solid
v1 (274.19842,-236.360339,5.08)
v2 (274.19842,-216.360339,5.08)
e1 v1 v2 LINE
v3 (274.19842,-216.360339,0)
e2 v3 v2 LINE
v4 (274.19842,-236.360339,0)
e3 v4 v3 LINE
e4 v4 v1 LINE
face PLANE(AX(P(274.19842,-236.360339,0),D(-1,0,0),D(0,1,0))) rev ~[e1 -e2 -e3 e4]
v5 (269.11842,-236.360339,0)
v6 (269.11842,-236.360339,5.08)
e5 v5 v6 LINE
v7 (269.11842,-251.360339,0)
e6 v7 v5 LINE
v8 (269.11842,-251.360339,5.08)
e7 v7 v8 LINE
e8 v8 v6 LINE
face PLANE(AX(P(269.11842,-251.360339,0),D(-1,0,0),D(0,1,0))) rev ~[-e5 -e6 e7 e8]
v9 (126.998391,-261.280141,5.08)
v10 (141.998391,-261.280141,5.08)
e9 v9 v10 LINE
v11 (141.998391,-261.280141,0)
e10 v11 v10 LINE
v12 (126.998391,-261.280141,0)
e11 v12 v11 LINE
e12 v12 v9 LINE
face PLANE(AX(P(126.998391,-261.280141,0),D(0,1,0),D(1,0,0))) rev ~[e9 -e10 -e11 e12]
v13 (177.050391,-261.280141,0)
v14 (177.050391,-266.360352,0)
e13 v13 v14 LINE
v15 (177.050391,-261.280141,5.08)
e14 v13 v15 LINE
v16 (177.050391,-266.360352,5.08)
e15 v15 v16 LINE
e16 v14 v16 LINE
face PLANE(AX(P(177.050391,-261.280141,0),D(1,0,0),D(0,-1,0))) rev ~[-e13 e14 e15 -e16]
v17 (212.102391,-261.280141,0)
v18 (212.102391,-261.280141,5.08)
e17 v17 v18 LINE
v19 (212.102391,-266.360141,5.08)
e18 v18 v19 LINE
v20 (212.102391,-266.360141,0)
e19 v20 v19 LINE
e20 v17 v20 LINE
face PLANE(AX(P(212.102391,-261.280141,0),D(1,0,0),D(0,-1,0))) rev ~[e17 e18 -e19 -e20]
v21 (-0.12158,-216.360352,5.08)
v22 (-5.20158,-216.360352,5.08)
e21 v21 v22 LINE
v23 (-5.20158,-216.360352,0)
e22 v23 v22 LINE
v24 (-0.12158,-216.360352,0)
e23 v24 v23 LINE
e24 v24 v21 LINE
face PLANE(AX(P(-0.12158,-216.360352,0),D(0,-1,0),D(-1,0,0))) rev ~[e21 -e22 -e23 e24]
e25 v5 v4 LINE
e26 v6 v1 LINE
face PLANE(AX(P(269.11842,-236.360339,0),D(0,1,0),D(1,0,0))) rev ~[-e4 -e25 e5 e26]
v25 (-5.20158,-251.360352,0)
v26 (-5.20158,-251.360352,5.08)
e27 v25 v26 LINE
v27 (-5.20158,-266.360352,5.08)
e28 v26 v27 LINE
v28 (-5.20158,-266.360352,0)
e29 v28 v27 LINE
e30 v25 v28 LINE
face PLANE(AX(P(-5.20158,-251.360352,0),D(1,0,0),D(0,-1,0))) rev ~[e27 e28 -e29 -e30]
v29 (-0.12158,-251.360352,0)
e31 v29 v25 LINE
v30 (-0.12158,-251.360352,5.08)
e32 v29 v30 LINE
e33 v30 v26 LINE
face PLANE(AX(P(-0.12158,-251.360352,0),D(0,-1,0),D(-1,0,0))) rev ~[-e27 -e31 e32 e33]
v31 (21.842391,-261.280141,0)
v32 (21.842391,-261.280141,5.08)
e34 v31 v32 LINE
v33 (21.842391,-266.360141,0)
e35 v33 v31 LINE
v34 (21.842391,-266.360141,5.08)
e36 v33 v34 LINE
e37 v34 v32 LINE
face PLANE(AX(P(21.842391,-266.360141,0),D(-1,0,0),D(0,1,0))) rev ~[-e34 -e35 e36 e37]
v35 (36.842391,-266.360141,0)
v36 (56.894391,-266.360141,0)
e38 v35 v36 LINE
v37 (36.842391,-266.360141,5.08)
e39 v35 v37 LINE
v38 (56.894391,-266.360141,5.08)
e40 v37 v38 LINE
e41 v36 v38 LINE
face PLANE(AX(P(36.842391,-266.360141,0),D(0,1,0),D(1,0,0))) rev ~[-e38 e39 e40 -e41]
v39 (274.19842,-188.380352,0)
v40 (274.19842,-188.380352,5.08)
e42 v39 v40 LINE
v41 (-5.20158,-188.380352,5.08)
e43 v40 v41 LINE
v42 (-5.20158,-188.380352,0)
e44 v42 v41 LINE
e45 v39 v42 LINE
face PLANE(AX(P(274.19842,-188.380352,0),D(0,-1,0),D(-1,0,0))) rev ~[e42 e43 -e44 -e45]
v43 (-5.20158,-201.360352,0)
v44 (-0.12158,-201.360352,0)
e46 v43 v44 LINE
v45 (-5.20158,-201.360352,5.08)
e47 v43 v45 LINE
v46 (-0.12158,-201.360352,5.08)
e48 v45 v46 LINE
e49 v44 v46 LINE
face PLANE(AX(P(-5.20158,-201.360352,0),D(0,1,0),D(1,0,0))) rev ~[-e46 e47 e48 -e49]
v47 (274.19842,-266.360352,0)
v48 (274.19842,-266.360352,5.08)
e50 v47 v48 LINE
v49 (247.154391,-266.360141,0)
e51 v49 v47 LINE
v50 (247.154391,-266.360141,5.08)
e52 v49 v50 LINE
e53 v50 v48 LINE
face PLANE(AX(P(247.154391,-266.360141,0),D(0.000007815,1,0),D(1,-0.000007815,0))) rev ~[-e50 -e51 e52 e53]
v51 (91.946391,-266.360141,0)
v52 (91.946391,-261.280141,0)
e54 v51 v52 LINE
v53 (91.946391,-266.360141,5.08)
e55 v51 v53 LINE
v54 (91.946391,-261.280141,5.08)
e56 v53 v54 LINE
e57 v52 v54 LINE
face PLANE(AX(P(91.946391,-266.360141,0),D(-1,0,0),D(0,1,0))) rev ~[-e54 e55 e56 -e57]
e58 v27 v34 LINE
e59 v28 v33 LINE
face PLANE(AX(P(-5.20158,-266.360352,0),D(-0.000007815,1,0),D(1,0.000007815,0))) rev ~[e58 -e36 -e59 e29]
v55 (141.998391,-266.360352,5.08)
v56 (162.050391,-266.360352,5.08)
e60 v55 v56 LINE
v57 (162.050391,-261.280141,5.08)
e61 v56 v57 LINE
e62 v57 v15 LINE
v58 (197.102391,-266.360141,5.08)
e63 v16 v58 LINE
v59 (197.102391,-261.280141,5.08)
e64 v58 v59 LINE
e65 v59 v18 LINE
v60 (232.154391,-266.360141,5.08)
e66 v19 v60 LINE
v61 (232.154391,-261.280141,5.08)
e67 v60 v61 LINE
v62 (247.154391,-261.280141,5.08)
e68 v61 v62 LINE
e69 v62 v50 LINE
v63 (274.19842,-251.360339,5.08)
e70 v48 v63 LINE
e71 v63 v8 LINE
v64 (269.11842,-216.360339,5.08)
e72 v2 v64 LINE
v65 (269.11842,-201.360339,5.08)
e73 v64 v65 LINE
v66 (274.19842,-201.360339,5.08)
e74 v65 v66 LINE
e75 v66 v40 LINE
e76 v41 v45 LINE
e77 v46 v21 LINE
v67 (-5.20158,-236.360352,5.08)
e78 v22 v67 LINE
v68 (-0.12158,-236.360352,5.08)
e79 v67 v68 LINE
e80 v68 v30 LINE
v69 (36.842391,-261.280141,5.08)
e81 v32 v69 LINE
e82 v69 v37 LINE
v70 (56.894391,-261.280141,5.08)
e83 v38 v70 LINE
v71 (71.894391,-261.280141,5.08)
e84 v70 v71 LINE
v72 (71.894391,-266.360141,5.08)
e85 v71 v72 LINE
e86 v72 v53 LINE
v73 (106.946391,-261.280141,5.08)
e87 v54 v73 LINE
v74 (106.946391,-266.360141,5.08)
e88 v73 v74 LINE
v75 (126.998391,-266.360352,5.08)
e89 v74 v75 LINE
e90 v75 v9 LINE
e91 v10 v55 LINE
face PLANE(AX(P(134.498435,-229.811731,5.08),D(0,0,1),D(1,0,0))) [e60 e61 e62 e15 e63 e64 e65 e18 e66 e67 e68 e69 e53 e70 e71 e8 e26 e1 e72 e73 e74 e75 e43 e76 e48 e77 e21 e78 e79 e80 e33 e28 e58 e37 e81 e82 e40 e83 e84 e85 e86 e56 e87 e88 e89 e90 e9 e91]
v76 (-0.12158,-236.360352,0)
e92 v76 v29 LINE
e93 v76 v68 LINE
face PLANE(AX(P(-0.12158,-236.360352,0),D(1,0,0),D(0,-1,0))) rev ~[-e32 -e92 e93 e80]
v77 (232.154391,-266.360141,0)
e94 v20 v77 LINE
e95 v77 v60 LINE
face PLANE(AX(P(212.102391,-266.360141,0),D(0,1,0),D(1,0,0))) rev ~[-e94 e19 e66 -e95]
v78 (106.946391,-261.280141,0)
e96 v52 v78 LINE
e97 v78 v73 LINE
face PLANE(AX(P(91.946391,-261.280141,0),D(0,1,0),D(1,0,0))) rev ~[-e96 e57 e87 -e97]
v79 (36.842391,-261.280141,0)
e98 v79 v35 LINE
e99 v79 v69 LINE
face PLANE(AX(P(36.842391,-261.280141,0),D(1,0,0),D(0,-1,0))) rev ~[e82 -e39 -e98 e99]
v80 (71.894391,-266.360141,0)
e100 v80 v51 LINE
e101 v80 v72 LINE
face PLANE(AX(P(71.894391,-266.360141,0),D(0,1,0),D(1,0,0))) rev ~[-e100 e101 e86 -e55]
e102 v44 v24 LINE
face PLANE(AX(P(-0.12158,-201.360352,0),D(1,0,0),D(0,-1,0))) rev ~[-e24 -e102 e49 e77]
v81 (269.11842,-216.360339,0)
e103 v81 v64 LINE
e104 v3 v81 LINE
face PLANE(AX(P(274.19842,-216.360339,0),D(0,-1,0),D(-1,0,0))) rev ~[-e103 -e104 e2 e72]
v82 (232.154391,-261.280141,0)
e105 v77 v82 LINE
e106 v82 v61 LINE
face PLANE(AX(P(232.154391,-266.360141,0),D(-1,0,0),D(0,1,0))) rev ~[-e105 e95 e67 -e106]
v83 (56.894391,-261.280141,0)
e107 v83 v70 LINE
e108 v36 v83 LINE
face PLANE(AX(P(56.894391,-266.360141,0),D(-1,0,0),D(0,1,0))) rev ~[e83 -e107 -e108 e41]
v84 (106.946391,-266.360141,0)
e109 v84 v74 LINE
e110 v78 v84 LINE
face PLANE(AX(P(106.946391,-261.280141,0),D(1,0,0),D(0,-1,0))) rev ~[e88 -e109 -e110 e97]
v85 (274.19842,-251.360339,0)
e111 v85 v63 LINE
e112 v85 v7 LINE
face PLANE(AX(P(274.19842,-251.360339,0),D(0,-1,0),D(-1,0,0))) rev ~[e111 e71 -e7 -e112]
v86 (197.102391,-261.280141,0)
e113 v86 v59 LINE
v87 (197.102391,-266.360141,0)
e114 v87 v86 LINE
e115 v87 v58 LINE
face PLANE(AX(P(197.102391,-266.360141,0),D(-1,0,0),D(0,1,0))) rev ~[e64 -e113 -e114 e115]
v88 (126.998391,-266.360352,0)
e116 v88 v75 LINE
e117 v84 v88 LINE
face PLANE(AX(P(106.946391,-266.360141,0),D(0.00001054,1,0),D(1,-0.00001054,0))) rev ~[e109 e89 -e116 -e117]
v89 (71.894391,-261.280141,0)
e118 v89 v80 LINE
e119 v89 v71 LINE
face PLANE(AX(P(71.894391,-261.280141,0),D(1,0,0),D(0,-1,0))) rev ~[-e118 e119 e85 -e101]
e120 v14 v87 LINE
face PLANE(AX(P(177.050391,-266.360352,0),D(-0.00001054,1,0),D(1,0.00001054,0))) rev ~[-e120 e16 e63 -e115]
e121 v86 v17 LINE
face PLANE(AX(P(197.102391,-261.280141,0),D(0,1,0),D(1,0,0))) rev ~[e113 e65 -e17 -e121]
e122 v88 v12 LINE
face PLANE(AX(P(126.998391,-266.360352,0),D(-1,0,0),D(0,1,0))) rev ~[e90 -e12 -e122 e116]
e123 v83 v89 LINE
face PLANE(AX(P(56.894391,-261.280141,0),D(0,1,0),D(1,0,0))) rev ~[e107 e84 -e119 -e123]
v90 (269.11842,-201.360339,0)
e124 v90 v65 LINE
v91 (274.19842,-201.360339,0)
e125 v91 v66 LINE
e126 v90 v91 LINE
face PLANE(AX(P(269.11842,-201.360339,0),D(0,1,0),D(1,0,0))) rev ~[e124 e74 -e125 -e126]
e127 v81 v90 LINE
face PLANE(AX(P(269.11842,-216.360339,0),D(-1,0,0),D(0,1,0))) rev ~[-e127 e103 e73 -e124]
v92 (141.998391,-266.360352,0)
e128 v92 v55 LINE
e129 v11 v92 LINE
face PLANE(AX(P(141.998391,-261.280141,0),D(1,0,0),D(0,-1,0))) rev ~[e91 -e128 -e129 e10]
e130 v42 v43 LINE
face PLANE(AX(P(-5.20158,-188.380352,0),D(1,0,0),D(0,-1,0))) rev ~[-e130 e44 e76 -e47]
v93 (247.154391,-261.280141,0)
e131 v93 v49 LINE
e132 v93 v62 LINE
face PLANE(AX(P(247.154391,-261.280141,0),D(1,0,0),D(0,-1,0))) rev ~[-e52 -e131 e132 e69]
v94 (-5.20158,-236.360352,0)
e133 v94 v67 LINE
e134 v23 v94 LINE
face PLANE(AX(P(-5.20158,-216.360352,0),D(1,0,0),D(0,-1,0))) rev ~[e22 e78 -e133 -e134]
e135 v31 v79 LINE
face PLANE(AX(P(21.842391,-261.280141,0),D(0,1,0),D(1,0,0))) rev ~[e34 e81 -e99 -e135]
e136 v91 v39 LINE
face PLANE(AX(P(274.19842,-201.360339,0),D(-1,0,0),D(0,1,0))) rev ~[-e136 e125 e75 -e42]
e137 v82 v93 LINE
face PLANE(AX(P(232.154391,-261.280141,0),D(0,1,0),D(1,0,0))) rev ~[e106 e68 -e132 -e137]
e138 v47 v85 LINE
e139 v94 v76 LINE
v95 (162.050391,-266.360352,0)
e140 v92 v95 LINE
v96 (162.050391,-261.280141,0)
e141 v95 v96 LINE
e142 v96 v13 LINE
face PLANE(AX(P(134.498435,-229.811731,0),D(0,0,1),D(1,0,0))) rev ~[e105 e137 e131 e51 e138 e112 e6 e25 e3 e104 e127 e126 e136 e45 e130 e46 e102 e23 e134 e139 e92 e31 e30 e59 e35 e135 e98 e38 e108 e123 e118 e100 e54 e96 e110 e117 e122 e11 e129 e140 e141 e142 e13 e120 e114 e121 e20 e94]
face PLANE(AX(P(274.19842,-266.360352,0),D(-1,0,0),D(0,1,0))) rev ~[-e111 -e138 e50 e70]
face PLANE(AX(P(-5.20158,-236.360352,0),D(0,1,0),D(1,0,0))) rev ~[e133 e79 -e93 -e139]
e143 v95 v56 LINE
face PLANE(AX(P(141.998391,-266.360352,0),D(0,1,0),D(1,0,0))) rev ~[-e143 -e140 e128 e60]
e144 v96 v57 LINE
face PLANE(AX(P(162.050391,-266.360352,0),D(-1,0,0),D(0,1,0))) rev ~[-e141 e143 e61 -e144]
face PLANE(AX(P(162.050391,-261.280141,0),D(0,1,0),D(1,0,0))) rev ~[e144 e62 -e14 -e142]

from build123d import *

# Parameters (mm, degrees)
BOSS_EXTRUDE1_DEPTH = 5.08


with BuildPart() as part:
    # Sketch27 → Boss-Extrude1 (new body)
    with BuildSketch(Plane.XY):
        Polygon((-5.201580342, -266.360351909), (21.842390942, -266.360140559), (21.842390942, -261.280140559), (36.842390942, -261.280140559), (36.842390942, -266.360140559), (56.894390942, -266.360140559), (56.894390942, -261.280140559), (71.894390942, -261.280140559), (71.894390942, -266.360140559), (91.946390942, -266.360140559), (91.946390942, -261.280140559), (106.946390942, -261.280140559), (106.946390942, -266.360140559), (126.998390942, -266.360351909), (126.998390942, -261.280140559), (141.998390942, -261.280140559), (141.998390942, -266.360351909), (162.050390942, -266.360351909), (162.050390942, -261.280140559), (177.050390942, -261.280140559), (177.050390942, -266.360351909), (197.102390942, -266.360140559), (197.102390942, -261.280140559), (212.102390942, -261.280140559), (212.102390942, -266.360140559), (232.154390942, -266.360140559), (232.154390942, -261.280140559), (247.154390942, -261.280140559), (247.154390942, -266.360140559), (274.198419658, -266.360351909), (274.198419658, -251.360339496), (269.118419658, -251.360339496), (269.118419658, -236.360339496), (274.198419658, -236.360339496), (274.198419658, -216.360339496), (269.118419658, -216.360339496), (269.118419658, -201.360339496), (274.198419658, -201.360339496), (274.198419658, -188.380351909), (-5.201580342, -188.380351909), (-5.201580342, -201.360351909), (-0.121580342, -201.360351909), (-0.121580342, -216.360351909), (-5.201580342, -216.360351909), (-5.201580342, -236.360351909), (-0.121580342, -236.360351909), (-0.121580342, -251.360351909), (-5.201580342, -251.360351909), align=None)
    extrude(amount=BOSS_EXTRUDE1_DEPTH)


solid = part.part
